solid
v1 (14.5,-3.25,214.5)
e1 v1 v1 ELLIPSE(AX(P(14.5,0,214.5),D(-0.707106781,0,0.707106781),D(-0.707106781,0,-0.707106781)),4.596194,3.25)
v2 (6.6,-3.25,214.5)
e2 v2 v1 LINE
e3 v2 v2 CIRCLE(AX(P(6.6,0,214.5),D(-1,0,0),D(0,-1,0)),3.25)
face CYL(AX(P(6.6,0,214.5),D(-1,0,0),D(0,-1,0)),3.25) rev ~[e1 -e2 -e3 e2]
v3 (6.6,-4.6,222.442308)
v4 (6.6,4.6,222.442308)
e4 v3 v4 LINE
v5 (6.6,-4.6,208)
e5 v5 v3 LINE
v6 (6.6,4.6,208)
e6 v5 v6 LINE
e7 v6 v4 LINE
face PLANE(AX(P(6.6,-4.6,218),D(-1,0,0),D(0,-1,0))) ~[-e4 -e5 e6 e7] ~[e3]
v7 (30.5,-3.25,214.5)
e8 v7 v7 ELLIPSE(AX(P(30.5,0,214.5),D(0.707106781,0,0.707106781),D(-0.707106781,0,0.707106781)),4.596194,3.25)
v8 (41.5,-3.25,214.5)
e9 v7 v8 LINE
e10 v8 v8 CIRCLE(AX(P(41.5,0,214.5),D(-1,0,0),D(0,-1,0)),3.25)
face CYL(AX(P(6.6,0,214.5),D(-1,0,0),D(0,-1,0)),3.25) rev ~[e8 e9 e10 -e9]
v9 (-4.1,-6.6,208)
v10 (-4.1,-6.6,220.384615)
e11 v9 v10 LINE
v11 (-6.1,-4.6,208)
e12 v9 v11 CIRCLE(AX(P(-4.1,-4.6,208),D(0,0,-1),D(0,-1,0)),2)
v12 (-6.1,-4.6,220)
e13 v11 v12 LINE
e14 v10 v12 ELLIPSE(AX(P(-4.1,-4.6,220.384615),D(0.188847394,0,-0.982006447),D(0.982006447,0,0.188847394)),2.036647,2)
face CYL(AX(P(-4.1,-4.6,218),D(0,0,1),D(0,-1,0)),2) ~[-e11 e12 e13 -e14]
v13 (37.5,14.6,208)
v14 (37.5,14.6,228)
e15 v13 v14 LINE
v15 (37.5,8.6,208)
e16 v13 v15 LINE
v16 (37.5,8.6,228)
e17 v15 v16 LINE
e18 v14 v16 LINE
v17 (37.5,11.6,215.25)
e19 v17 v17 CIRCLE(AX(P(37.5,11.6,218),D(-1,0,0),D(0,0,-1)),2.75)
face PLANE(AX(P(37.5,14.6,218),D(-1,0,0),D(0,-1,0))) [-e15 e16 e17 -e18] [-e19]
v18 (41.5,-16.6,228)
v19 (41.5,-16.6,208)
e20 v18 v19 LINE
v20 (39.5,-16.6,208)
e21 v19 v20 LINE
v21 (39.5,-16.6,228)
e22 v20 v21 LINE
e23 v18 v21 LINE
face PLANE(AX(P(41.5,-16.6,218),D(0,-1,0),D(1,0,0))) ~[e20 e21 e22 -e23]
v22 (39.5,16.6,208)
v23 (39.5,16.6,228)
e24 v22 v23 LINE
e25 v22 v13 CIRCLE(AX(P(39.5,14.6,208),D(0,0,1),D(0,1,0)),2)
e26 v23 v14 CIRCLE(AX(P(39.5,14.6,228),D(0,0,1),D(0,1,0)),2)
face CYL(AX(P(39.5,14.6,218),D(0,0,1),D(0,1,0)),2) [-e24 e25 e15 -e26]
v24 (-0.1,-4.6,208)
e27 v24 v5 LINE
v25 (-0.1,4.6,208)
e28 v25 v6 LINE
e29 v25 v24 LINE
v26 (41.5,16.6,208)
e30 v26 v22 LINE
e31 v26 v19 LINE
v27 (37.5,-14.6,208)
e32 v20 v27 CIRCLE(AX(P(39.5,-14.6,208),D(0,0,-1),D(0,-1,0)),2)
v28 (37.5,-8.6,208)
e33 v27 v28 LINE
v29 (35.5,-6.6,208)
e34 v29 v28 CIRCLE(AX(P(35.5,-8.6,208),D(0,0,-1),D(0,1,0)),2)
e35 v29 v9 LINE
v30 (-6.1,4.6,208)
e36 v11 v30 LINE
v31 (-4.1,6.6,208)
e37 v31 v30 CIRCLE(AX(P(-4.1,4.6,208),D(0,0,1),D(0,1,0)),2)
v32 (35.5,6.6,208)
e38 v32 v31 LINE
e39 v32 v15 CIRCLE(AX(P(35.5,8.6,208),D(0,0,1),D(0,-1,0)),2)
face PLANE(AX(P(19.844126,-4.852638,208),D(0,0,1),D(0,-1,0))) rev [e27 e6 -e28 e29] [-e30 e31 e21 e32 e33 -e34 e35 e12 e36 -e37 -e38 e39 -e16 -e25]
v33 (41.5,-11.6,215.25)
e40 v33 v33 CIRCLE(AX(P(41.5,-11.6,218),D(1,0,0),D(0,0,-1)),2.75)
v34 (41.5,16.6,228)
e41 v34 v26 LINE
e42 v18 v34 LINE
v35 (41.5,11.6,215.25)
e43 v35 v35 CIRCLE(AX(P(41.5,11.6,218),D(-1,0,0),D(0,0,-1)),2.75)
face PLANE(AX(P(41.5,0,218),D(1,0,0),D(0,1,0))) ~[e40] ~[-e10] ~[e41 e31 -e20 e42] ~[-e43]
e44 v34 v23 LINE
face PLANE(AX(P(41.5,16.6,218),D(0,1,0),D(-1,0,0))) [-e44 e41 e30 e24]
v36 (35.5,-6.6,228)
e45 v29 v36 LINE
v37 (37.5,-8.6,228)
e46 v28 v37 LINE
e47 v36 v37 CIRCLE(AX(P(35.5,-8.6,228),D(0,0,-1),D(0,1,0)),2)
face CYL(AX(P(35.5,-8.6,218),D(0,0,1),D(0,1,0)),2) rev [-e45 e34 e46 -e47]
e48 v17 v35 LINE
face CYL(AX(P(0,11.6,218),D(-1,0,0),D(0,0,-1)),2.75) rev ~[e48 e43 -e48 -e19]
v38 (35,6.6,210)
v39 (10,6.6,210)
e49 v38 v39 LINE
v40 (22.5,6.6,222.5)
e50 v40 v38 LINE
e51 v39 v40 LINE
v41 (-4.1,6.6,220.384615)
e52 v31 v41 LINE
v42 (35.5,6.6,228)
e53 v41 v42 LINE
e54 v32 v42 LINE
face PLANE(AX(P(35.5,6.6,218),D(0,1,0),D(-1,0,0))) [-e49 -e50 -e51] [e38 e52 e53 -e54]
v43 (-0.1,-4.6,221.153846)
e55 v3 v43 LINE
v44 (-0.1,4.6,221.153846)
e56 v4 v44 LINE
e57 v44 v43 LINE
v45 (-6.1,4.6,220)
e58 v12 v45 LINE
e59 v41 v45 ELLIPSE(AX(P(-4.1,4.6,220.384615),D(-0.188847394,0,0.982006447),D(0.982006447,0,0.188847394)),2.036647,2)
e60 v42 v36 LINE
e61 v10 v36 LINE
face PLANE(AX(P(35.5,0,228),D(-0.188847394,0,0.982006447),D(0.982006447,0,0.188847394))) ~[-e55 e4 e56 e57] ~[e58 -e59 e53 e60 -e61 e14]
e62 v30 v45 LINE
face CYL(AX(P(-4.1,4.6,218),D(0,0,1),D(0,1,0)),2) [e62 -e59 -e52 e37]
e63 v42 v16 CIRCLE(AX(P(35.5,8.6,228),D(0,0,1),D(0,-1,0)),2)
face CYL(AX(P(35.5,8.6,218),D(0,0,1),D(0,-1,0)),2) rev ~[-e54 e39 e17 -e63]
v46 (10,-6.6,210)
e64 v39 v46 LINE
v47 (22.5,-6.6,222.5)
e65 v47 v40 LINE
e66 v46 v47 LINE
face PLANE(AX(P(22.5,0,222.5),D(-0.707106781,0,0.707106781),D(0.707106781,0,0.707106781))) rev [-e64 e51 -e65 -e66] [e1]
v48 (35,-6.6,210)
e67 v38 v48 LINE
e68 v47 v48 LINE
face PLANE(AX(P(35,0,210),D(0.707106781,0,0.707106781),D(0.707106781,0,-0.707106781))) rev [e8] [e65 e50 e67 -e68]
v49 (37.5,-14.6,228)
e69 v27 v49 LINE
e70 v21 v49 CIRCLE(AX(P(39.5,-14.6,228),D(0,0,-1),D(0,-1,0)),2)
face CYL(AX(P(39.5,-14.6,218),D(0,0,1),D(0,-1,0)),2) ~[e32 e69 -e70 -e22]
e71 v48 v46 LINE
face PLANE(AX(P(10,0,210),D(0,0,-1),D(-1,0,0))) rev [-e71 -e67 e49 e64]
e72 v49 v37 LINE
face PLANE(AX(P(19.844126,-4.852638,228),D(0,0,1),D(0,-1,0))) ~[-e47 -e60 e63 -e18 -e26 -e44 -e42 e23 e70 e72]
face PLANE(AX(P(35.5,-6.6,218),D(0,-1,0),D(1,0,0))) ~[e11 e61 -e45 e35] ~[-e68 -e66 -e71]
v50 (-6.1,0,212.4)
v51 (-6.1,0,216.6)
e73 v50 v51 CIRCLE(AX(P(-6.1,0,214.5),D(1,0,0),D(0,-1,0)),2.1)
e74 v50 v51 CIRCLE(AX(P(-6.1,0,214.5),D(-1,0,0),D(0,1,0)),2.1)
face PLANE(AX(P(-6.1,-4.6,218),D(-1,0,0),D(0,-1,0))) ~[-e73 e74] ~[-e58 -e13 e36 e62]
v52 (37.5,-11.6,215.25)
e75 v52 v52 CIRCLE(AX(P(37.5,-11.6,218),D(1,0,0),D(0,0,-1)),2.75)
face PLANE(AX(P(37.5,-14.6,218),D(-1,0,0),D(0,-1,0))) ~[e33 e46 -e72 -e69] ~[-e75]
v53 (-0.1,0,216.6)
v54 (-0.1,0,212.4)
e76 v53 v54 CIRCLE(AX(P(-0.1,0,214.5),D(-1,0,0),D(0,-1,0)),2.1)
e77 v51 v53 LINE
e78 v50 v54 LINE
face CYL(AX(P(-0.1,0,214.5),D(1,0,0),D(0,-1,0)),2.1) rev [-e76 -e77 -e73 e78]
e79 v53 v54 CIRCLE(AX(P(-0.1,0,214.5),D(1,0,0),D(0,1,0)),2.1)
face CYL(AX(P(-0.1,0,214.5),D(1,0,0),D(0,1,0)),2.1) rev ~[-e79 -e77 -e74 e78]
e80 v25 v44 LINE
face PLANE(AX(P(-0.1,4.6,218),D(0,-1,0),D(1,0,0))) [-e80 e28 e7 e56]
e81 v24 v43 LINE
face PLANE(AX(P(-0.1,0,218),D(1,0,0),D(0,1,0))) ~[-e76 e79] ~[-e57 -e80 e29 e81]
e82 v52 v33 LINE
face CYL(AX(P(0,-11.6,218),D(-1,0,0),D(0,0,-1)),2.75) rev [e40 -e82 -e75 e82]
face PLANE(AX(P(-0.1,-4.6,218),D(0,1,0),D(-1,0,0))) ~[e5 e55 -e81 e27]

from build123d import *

# Parameters (mm, degrees)
PAD125_DEPTH            = 10
SKETCH264_R             = 2.75
POCKET112_DEPTH         = 41.501
SKETCH265_R             = 2.1
POCKET113_DEPTH         = 16
POCKET114_DEPTH         = 108.4688754286
POCKET114_DEPTH_BACK    = 125.0688754286
SKETCH_R                = 3.25
POCKET_DEPTH            = 34.901
BODY089_PITCH_ANGLE     = -90
BODY089_PLACEMENT_ANGLE = -180


with BuildPart() as part:
    # Sketch263 → Pad125 (new body, symmetric)
    with BuildSketch(Plane.YZ):
        with BuildLine():
            Line((-16.6, 41.5), (-16.6, 39.5))
            ThreePointArc((-16.6, 39.5), (-16.0142135624, 38.0857864376), (-14.6, 37.5))
            Line((-14.6, 37.5), (-8.6, 37.5))
            ThreePointArc((-6.6, 35.5), (-7.1857864376, 36.9142135624), (-8.6, 37.5))
            Line((-6.6, 35.5), (-6.6, -4.1))
            ThreePointArc((-6.6, -4.1), (-6.0142135624, -5.5142135624), (-4.6, -6.1))
            Line((-4.6, -6.1), (0, -6.1))
            Line((0, -6.1), (0, -0.1))
            Line((0, -0.1), (-4.6, -0.1))
            Line((-4.6, -0.1), (-4.6, 6.6))
            Line((-4.6, 6.6), (0, 6.6))
            Line((0, 6.6), (0, 41.5))
            Line((0, 41.5), (-16.6, 41.5))
        make_face()
    extrude(amount=PAD125_DEPTH, both=True)

    # Sketch264 → Pocket112 (cut, through all)
    with BuildSketch(Plane(origin=(0, 0, 0), x_dir=(-1, 0, 0), z_dir=(0, 0, -1))):
        with Locations((0, -11.6)):
            Circle(SKETCH264_R)
    extrude(amount=-POCKET112_DEPTH, mode=Mode.SUBTRACT)

    # Sketch265 (on Face7 of Pocket112) → Pocket113 (cut)
    with BuildSketch(Plane.YX.offset(0.1)):
        with Locations((0, -3.5)):
            Circle(SKETCH265_R)
    extrude(amount=POCKET113_DEPTH, mode=Mode.SUBTRACT)

    # Sketch266 → Pocket114 (cut, two sides)
    with BuildSketch(Plane.XZ) as pocket114_sk:
        Polygon((10, -6.1), (10, 35.5), (2, -6.1), align=None)
        Polygon((-8, 35), (4.5, 22.5), (-8, 10), align=None)
    extrude(amount=-POCKET114_DEPTH, mode=Mode.SUBTRACT)
    extrude(pocket114_sk.sketch, amount=POCKET114_DEPTH_BACK, mode=Mode.SUBTRACT)

    # Mirrored011: part across XZ


with BuildPart() as part_1:
    add(part.part)
    add(part.part.mirror(Plane.XZ))

    # Sketch (on Face24 of Mirrored011) → Pocket (cut, through all)
    with BuildSketch(Plane.YX.offset(-6.6)):
        with Locations((0, -3.5)):
            Circle(SKETCH_R)
    extrude(amount=-POCKET_DEPTH, mode=Mode.SUBTRACT)


with BuildPart() as part_2:
    # Body089 pitch: moved
    add(part_1.part.rotate(Axis((0, 0, 0), (0, 1, 0)), BODY089_PITCH_ANGLE))


with BuildPart() as part_3:
    # Body089 placement: moved
    add(part_2.part.moved(Location((0, 0, 218))).rotate(Axis((0, 0, 218), (0, 0, 1)), BODY089_PLACEMENT_ANGLE))


solid = part_3.part
